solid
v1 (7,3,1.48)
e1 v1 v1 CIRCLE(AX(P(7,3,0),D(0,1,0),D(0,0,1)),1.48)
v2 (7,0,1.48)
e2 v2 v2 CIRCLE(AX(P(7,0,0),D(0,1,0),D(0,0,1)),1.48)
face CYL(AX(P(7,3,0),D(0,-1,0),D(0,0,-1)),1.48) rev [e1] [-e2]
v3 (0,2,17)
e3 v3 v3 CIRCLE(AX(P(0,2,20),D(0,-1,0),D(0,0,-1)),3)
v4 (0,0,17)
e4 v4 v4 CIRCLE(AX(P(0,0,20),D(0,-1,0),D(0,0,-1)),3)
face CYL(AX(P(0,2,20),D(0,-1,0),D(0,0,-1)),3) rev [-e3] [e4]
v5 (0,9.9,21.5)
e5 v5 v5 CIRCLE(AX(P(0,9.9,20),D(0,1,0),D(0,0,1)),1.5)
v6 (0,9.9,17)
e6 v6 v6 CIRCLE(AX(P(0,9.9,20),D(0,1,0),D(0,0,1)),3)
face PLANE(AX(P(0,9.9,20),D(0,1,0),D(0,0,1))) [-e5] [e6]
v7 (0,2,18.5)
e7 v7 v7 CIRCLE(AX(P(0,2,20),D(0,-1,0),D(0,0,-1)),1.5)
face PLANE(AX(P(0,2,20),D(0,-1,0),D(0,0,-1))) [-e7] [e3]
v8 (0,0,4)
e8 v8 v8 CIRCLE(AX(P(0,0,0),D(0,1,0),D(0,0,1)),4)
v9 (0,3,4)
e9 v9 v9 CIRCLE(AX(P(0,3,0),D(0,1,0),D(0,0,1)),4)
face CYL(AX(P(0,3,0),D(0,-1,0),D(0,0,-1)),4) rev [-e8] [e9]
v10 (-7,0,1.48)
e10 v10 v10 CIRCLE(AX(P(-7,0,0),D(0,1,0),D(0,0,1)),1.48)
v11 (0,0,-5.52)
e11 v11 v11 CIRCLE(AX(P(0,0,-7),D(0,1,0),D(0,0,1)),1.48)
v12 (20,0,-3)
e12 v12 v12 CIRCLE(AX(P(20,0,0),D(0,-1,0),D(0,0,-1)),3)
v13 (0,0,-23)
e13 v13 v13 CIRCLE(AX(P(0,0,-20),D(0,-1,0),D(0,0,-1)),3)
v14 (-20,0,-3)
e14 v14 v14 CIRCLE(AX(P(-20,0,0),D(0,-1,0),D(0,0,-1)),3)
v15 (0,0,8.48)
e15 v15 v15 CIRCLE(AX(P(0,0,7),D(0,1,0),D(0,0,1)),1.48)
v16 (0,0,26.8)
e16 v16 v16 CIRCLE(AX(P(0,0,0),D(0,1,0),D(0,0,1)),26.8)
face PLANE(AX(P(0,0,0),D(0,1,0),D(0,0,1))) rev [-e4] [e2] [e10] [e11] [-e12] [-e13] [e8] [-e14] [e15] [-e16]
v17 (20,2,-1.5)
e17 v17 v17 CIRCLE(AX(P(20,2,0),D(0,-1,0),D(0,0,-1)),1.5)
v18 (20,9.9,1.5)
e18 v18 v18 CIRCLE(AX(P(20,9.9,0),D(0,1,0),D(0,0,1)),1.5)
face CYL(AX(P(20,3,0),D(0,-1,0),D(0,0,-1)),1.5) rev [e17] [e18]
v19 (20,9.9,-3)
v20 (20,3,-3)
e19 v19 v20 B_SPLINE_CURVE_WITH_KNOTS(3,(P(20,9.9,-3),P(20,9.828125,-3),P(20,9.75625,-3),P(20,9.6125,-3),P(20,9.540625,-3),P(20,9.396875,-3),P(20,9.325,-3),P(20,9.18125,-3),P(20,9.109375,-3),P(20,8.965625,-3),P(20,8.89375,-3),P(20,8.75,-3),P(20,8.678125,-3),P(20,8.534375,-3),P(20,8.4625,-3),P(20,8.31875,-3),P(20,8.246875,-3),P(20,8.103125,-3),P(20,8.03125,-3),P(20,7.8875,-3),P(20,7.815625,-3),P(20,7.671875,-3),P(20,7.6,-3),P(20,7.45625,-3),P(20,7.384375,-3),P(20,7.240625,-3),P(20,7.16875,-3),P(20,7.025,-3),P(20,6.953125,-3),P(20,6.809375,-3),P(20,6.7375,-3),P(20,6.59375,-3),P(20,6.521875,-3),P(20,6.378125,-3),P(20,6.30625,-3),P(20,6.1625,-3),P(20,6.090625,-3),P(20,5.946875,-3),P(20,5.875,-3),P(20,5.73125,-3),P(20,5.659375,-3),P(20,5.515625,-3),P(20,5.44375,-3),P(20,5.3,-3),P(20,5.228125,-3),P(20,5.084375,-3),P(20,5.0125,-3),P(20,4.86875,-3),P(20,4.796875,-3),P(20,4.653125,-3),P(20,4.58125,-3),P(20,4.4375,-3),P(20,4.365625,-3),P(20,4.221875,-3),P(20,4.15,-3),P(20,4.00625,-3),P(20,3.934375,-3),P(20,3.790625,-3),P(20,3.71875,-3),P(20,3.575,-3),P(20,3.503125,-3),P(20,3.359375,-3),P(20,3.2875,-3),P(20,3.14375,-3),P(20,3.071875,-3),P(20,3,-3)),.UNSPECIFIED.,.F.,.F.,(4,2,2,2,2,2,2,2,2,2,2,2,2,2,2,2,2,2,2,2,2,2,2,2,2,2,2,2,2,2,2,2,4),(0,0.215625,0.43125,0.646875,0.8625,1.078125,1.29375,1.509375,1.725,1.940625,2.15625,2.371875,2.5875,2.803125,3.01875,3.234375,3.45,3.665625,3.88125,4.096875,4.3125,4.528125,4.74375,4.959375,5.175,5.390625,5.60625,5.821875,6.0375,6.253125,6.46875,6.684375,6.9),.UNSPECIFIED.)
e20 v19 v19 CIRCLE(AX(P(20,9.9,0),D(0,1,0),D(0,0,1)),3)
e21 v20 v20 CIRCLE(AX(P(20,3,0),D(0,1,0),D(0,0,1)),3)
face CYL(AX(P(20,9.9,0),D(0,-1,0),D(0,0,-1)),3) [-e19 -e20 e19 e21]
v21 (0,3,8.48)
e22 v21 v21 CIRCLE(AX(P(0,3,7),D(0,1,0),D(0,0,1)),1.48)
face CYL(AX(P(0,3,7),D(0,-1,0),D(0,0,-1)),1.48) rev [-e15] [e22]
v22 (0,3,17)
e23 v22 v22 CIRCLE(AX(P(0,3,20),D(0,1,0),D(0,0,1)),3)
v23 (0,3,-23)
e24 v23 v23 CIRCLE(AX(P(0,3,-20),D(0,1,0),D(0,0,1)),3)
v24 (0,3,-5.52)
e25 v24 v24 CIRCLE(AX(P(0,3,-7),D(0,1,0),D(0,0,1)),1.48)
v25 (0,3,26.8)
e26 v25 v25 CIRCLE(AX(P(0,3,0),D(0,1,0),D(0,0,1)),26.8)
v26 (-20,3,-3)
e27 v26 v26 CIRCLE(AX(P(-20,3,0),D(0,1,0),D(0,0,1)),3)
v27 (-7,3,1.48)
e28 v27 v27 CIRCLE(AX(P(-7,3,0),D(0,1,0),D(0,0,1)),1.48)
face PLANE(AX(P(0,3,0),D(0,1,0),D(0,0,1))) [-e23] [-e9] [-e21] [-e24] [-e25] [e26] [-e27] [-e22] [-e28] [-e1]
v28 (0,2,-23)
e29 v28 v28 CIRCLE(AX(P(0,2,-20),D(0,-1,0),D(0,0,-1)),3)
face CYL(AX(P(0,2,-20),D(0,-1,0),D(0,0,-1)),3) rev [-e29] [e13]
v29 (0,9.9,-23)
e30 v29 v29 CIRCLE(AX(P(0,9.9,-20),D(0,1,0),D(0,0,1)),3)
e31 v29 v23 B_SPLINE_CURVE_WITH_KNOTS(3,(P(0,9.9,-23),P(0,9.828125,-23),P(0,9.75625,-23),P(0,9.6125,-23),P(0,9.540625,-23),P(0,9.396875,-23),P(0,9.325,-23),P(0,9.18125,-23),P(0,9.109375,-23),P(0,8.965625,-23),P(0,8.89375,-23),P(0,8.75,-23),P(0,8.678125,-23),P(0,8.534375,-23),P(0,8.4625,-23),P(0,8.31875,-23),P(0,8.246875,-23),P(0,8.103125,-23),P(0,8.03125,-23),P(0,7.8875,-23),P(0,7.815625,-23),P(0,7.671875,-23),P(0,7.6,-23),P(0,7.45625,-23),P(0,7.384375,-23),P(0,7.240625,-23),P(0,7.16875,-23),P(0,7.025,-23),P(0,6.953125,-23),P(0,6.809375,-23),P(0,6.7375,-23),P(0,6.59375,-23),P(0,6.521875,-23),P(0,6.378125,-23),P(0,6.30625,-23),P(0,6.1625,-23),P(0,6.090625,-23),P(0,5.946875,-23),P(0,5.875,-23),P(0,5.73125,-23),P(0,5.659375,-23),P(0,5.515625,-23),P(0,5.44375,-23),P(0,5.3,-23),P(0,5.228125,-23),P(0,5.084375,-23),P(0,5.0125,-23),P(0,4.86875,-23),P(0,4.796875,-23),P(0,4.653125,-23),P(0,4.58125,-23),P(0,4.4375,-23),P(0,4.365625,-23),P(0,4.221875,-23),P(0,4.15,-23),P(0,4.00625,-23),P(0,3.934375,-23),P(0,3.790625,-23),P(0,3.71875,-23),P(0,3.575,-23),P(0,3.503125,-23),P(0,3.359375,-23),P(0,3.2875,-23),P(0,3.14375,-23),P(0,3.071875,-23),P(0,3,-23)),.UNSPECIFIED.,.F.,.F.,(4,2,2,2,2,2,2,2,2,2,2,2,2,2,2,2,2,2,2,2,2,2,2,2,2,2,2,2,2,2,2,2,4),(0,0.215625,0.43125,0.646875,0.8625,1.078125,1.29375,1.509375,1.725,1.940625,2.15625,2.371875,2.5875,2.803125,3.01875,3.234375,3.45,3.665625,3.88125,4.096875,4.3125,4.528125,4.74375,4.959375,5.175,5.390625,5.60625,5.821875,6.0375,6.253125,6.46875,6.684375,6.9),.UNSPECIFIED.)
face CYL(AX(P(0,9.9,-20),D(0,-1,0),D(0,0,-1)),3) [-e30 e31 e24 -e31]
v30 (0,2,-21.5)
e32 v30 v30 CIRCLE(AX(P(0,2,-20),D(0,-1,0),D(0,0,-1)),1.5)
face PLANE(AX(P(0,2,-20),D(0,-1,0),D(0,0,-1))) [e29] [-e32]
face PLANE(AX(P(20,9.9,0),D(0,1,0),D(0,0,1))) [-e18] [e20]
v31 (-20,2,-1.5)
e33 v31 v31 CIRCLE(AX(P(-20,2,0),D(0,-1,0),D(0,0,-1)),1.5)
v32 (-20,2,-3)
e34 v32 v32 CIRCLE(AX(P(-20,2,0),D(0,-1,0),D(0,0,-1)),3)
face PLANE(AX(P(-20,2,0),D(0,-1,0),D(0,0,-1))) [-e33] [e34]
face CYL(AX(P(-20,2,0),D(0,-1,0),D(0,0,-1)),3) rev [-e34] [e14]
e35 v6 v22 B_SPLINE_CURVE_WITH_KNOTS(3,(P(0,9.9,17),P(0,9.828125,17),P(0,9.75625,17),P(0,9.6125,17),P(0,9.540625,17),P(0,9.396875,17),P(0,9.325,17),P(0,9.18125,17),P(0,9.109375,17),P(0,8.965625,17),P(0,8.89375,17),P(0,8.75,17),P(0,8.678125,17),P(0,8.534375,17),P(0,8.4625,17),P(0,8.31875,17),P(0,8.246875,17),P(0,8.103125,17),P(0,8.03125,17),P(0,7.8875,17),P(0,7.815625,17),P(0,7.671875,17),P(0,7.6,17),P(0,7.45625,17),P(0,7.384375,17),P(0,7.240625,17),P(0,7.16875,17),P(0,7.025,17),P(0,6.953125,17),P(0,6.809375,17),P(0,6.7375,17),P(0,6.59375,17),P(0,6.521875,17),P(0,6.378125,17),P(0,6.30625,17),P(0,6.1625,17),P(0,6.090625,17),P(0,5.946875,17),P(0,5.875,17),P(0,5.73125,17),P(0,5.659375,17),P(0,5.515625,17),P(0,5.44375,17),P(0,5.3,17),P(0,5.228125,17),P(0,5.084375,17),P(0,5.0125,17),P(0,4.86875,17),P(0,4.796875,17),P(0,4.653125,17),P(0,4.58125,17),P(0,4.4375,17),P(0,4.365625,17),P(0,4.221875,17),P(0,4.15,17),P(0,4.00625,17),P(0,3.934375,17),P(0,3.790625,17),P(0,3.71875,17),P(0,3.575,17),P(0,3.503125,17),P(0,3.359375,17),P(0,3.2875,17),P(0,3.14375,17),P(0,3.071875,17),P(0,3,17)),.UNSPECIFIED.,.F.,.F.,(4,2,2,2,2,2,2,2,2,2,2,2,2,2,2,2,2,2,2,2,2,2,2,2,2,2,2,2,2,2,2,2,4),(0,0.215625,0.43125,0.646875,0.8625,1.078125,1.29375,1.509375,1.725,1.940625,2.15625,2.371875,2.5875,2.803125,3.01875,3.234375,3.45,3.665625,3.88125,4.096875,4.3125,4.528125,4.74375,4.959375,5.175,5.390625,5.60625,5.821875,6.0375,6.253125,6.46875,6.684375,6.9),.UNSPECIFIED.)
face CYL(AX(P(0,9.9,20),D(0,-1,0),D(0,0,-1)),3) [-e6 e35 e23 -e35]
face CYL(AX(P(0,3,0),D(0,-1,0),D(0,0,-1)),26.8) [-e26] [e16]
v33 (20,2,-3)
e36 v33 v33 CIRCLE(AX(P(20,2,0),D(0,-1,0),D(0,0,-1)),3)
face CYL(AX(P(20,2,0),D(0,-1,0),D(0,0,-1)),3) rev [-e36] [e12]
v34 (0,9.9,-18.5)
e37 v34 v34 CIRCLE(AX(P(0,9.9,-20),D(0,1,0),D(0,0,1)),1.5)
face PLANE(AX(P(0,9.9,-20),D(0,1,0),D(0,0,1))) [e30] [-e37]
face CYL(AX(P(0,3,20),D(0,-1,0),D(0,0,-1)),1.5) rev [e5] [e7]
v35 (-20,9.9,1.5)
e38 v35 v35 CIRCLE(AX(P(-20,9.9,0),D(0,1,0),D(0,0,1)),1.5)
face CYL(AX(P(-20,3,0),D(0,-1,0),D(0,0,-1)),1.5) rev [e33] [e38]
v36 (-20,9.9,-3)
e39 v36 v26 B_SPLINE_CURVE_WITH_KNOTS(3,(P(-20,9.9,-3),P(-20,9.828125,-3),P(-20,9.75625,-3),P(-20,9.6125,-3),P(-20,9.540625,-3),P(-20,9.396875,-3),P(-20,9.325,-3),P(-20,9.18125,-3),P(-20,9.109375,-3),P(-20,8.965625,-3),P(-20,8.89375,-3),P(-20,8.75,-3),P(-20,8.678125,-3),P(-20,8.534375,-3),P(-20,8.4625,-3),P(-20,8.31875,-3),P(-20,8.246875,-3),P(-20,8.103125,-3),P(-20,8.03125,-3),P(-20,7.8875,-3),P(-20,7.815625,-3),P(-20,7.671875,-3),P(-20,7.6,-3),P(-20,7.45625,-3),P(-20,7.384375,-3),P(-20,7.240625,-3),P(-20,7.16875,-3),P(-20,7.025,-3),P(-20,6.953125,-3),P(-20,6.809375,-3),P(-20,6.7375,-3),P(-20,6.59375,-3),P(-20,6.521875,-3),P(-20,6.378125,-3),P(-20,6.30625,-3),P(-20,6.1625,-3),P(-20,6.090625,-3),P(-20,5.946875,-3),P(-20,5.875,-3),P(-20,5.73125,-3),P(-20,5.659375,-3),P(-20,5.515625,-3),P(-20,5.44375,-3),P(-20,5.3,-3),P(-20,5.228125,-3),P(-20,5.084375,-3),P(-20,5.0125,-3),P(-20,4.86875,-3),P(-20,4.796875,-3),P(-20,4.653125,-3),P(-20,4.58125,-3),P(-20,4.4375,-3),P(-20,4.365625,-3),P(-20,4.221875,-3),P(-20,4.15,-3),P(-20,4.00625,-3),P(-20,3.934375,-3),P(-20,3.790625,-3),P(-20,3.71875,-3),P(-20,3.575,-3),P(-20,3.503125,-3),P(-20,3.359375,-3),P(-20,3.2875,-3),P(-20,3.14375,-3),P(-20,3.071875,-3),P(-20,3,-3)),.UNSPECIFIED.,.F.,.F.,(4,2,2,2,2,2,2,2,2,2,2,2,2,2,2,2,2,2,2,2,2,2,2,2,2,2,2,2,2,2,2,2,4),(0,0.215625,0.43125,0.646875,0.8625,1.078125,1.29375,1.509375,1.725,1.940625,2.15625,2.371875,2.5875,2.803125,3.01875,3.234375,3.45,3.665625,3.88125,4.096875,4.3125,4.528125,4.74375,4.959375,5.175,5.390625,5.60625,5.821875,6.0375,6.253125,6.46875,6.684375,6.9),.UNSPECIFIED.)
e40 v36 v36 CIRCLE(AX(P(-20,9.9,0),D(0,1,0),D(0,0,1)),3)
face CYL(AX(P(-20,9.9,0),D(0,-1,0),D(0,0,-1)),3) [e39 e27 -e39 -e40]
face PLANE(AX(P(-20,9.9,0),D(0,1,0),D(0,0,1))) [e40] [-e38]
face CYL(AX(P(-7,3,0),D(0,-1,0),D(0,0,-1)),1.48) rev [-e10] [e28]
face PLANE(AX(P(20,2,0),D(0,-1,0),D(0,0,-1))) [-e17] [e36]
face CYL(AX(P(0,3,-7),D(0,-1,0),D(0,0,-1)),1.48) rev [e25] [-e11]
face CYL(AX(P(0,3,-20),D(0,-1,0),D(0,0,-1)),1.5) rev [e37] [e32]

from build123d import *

# Parameters (mm, degrees)
SKETCH_1_R          = 26.8
SKETCH_1_R_2        = 4
SKETCH_1_R_3        = 1.48
SKETCH_1_R_4        = 1.5
EXTRUDE_1_DEPTH     = 3
SKETCH_2_R          = 3
SKETCH_2_R_2        = 1.5
EXTRUDE_2_DEPTH     = 6.9
SKETCH_3_R          = 3
CUT_EXTRUDE_1_DEPTH = 2


with BuildPart() as part:
    # 草图1 → 凸台-拉伸1 (new body)
    with BuildSketch(Plane(origin=(0, 0, 0), x_dir=(1, 0, 0), z_dir=(0, 1, 0))):
        with Locations(Location((0, 0, 0), (0, 0, 270))):
            Circle(SKETCH_1_R)
        with Locations(Location((0, 0, 0), (0, 0, 270))):
            Circle(SKETCH_1_R_2, mode=Mode.SUBTRACT)
        with Locations(Location((0, 7, 0), (0, 0, 270))):
            Circle(SKETCH_1_R_3, mode=Mode.SUBTRACT)
        with Locations(Location((0, 20, 0), (0, 0, 270))):
            Circle(SKETCH_1_R_4, mode=Mode.SUBTRACT)
        with Locations(Location((0, -7, 0), (0, 0, 270))):
            Circle(SKETCH_1_R_3, mode=Mode.SUBTRACT)
        with Locations(Location((7, 0, 0), (0, 0, 270))):
            Circle(SKETCH_1_R_3, mode=Mode.SUBTRACT)
        with Locations(Location((20, 0, 0), (0, 0, 270))):
            Circle(SKETCH_1_R_4, mode=Mode.SUBTRACT)
        with Locations(Location((0, -20, 0), (0, 0, 270))):
            Circle(SKETCH_1_R_4, mode=Mode.SUBTRACT)
        with Locations(Location((-20, 0, 0), (0, 0, 270))):
            Circle(SKETCH_1_R_4, mode=Mode.SUBTRACT)
        with Locations(Location((-7, 0, 0), (0, 0, 270))):
            Circle(SKETCH_1_R_3, mode=Mode.SUBTRACT)
    extrude(amount=EXTRUDE_1_DEPTH)

    # 草图2 → 凸台-拉伸2 (add)
    # profile 1 of 4: a face of its own
    with BuildSketch(Plane(origin=(0, 3, 0), x_dir=(1, 0, 0), z_dir=(0, 1, 0))):
        with Locations(Location((0, 20, 0), (0, 0, 90))):
            Circle(SKETCH_2_R)
        with Locations(Location((0, 20, 0), (0, 0, 270))):
            Circle(SKETCH_2_R_2, mode=Mode.SUBTRACT)
    # profile 2 of 4: a face of its own
    with BuildSketch(Plane(origin=(0, 3, 0), x_dir=(1, 0, 0), z_dir=(0, 1, 0))):
        with Locations(Location((-20, 0, 0), (0, 0, 90))):
            Circle(SKETCH_2_R)
        with Locations(Location((-20, 0, 0), (0, 0, 270))):
            Circle(SKETCH_2_R_2, mode=Mode.SUBTRACT)
    # profile 3 of 4: a face of its own
    with BuildSketch(Plane(origin=(0, 3, 0), x_dir=(1, 0, 0), z_dir=(0, 1, 0))):
        with Locations(Location((20, 0, 0), (0, 0, 90))):
            Circle(SKETCH_2_R)
        with Locations(Location((20, 0, 0), (0, 0, 270))):
            Circle(SKETCH_2_R_2, mode=Mode.SUBTRACT)
    # profile 4 of 4: a face of its own
    with BuildSketch(Plane(origin=(0, 3, 0), x_dir=(1, 0, 0), z_dir=(0, 1, 0))):
        with Locations(Location((0, -20, 0), (0, 0, 90))):
            Circle(SKETCH_2_R)
        with Locations(Location((0, -20, 0), (0, 0, 270))):
            Circle(SKETCH_2_R_2, mode=Mode.SUBTRACT)
    extrude(amount=EXTRUDE_2_DEPTH)

    # 草图3 → 切除-拉伸1 (cut)
    with BuildSketch(Plane.XZ):
        with Locations(Location((0, 20, 0), (0, 0, 270))):
            Circle(SKETCH_3_R)
        with Locations(Location((-20, 0, 0), (0, 0, 270))):
            Circle(SKETCH_3_R)
        with Locations(Location((0, -20, 0), (0, 0, 270))):
            Circle(SKETCH_3_R)
        with Locations(Location((20, 0, 0), (0, 0, 270))):
            Circle(SKETCH_3_R)
    extrude(amount=-CUT_EXTRUDE_1_DEPTH, mode=Mode.SUBTRACT)


solid = part.part
